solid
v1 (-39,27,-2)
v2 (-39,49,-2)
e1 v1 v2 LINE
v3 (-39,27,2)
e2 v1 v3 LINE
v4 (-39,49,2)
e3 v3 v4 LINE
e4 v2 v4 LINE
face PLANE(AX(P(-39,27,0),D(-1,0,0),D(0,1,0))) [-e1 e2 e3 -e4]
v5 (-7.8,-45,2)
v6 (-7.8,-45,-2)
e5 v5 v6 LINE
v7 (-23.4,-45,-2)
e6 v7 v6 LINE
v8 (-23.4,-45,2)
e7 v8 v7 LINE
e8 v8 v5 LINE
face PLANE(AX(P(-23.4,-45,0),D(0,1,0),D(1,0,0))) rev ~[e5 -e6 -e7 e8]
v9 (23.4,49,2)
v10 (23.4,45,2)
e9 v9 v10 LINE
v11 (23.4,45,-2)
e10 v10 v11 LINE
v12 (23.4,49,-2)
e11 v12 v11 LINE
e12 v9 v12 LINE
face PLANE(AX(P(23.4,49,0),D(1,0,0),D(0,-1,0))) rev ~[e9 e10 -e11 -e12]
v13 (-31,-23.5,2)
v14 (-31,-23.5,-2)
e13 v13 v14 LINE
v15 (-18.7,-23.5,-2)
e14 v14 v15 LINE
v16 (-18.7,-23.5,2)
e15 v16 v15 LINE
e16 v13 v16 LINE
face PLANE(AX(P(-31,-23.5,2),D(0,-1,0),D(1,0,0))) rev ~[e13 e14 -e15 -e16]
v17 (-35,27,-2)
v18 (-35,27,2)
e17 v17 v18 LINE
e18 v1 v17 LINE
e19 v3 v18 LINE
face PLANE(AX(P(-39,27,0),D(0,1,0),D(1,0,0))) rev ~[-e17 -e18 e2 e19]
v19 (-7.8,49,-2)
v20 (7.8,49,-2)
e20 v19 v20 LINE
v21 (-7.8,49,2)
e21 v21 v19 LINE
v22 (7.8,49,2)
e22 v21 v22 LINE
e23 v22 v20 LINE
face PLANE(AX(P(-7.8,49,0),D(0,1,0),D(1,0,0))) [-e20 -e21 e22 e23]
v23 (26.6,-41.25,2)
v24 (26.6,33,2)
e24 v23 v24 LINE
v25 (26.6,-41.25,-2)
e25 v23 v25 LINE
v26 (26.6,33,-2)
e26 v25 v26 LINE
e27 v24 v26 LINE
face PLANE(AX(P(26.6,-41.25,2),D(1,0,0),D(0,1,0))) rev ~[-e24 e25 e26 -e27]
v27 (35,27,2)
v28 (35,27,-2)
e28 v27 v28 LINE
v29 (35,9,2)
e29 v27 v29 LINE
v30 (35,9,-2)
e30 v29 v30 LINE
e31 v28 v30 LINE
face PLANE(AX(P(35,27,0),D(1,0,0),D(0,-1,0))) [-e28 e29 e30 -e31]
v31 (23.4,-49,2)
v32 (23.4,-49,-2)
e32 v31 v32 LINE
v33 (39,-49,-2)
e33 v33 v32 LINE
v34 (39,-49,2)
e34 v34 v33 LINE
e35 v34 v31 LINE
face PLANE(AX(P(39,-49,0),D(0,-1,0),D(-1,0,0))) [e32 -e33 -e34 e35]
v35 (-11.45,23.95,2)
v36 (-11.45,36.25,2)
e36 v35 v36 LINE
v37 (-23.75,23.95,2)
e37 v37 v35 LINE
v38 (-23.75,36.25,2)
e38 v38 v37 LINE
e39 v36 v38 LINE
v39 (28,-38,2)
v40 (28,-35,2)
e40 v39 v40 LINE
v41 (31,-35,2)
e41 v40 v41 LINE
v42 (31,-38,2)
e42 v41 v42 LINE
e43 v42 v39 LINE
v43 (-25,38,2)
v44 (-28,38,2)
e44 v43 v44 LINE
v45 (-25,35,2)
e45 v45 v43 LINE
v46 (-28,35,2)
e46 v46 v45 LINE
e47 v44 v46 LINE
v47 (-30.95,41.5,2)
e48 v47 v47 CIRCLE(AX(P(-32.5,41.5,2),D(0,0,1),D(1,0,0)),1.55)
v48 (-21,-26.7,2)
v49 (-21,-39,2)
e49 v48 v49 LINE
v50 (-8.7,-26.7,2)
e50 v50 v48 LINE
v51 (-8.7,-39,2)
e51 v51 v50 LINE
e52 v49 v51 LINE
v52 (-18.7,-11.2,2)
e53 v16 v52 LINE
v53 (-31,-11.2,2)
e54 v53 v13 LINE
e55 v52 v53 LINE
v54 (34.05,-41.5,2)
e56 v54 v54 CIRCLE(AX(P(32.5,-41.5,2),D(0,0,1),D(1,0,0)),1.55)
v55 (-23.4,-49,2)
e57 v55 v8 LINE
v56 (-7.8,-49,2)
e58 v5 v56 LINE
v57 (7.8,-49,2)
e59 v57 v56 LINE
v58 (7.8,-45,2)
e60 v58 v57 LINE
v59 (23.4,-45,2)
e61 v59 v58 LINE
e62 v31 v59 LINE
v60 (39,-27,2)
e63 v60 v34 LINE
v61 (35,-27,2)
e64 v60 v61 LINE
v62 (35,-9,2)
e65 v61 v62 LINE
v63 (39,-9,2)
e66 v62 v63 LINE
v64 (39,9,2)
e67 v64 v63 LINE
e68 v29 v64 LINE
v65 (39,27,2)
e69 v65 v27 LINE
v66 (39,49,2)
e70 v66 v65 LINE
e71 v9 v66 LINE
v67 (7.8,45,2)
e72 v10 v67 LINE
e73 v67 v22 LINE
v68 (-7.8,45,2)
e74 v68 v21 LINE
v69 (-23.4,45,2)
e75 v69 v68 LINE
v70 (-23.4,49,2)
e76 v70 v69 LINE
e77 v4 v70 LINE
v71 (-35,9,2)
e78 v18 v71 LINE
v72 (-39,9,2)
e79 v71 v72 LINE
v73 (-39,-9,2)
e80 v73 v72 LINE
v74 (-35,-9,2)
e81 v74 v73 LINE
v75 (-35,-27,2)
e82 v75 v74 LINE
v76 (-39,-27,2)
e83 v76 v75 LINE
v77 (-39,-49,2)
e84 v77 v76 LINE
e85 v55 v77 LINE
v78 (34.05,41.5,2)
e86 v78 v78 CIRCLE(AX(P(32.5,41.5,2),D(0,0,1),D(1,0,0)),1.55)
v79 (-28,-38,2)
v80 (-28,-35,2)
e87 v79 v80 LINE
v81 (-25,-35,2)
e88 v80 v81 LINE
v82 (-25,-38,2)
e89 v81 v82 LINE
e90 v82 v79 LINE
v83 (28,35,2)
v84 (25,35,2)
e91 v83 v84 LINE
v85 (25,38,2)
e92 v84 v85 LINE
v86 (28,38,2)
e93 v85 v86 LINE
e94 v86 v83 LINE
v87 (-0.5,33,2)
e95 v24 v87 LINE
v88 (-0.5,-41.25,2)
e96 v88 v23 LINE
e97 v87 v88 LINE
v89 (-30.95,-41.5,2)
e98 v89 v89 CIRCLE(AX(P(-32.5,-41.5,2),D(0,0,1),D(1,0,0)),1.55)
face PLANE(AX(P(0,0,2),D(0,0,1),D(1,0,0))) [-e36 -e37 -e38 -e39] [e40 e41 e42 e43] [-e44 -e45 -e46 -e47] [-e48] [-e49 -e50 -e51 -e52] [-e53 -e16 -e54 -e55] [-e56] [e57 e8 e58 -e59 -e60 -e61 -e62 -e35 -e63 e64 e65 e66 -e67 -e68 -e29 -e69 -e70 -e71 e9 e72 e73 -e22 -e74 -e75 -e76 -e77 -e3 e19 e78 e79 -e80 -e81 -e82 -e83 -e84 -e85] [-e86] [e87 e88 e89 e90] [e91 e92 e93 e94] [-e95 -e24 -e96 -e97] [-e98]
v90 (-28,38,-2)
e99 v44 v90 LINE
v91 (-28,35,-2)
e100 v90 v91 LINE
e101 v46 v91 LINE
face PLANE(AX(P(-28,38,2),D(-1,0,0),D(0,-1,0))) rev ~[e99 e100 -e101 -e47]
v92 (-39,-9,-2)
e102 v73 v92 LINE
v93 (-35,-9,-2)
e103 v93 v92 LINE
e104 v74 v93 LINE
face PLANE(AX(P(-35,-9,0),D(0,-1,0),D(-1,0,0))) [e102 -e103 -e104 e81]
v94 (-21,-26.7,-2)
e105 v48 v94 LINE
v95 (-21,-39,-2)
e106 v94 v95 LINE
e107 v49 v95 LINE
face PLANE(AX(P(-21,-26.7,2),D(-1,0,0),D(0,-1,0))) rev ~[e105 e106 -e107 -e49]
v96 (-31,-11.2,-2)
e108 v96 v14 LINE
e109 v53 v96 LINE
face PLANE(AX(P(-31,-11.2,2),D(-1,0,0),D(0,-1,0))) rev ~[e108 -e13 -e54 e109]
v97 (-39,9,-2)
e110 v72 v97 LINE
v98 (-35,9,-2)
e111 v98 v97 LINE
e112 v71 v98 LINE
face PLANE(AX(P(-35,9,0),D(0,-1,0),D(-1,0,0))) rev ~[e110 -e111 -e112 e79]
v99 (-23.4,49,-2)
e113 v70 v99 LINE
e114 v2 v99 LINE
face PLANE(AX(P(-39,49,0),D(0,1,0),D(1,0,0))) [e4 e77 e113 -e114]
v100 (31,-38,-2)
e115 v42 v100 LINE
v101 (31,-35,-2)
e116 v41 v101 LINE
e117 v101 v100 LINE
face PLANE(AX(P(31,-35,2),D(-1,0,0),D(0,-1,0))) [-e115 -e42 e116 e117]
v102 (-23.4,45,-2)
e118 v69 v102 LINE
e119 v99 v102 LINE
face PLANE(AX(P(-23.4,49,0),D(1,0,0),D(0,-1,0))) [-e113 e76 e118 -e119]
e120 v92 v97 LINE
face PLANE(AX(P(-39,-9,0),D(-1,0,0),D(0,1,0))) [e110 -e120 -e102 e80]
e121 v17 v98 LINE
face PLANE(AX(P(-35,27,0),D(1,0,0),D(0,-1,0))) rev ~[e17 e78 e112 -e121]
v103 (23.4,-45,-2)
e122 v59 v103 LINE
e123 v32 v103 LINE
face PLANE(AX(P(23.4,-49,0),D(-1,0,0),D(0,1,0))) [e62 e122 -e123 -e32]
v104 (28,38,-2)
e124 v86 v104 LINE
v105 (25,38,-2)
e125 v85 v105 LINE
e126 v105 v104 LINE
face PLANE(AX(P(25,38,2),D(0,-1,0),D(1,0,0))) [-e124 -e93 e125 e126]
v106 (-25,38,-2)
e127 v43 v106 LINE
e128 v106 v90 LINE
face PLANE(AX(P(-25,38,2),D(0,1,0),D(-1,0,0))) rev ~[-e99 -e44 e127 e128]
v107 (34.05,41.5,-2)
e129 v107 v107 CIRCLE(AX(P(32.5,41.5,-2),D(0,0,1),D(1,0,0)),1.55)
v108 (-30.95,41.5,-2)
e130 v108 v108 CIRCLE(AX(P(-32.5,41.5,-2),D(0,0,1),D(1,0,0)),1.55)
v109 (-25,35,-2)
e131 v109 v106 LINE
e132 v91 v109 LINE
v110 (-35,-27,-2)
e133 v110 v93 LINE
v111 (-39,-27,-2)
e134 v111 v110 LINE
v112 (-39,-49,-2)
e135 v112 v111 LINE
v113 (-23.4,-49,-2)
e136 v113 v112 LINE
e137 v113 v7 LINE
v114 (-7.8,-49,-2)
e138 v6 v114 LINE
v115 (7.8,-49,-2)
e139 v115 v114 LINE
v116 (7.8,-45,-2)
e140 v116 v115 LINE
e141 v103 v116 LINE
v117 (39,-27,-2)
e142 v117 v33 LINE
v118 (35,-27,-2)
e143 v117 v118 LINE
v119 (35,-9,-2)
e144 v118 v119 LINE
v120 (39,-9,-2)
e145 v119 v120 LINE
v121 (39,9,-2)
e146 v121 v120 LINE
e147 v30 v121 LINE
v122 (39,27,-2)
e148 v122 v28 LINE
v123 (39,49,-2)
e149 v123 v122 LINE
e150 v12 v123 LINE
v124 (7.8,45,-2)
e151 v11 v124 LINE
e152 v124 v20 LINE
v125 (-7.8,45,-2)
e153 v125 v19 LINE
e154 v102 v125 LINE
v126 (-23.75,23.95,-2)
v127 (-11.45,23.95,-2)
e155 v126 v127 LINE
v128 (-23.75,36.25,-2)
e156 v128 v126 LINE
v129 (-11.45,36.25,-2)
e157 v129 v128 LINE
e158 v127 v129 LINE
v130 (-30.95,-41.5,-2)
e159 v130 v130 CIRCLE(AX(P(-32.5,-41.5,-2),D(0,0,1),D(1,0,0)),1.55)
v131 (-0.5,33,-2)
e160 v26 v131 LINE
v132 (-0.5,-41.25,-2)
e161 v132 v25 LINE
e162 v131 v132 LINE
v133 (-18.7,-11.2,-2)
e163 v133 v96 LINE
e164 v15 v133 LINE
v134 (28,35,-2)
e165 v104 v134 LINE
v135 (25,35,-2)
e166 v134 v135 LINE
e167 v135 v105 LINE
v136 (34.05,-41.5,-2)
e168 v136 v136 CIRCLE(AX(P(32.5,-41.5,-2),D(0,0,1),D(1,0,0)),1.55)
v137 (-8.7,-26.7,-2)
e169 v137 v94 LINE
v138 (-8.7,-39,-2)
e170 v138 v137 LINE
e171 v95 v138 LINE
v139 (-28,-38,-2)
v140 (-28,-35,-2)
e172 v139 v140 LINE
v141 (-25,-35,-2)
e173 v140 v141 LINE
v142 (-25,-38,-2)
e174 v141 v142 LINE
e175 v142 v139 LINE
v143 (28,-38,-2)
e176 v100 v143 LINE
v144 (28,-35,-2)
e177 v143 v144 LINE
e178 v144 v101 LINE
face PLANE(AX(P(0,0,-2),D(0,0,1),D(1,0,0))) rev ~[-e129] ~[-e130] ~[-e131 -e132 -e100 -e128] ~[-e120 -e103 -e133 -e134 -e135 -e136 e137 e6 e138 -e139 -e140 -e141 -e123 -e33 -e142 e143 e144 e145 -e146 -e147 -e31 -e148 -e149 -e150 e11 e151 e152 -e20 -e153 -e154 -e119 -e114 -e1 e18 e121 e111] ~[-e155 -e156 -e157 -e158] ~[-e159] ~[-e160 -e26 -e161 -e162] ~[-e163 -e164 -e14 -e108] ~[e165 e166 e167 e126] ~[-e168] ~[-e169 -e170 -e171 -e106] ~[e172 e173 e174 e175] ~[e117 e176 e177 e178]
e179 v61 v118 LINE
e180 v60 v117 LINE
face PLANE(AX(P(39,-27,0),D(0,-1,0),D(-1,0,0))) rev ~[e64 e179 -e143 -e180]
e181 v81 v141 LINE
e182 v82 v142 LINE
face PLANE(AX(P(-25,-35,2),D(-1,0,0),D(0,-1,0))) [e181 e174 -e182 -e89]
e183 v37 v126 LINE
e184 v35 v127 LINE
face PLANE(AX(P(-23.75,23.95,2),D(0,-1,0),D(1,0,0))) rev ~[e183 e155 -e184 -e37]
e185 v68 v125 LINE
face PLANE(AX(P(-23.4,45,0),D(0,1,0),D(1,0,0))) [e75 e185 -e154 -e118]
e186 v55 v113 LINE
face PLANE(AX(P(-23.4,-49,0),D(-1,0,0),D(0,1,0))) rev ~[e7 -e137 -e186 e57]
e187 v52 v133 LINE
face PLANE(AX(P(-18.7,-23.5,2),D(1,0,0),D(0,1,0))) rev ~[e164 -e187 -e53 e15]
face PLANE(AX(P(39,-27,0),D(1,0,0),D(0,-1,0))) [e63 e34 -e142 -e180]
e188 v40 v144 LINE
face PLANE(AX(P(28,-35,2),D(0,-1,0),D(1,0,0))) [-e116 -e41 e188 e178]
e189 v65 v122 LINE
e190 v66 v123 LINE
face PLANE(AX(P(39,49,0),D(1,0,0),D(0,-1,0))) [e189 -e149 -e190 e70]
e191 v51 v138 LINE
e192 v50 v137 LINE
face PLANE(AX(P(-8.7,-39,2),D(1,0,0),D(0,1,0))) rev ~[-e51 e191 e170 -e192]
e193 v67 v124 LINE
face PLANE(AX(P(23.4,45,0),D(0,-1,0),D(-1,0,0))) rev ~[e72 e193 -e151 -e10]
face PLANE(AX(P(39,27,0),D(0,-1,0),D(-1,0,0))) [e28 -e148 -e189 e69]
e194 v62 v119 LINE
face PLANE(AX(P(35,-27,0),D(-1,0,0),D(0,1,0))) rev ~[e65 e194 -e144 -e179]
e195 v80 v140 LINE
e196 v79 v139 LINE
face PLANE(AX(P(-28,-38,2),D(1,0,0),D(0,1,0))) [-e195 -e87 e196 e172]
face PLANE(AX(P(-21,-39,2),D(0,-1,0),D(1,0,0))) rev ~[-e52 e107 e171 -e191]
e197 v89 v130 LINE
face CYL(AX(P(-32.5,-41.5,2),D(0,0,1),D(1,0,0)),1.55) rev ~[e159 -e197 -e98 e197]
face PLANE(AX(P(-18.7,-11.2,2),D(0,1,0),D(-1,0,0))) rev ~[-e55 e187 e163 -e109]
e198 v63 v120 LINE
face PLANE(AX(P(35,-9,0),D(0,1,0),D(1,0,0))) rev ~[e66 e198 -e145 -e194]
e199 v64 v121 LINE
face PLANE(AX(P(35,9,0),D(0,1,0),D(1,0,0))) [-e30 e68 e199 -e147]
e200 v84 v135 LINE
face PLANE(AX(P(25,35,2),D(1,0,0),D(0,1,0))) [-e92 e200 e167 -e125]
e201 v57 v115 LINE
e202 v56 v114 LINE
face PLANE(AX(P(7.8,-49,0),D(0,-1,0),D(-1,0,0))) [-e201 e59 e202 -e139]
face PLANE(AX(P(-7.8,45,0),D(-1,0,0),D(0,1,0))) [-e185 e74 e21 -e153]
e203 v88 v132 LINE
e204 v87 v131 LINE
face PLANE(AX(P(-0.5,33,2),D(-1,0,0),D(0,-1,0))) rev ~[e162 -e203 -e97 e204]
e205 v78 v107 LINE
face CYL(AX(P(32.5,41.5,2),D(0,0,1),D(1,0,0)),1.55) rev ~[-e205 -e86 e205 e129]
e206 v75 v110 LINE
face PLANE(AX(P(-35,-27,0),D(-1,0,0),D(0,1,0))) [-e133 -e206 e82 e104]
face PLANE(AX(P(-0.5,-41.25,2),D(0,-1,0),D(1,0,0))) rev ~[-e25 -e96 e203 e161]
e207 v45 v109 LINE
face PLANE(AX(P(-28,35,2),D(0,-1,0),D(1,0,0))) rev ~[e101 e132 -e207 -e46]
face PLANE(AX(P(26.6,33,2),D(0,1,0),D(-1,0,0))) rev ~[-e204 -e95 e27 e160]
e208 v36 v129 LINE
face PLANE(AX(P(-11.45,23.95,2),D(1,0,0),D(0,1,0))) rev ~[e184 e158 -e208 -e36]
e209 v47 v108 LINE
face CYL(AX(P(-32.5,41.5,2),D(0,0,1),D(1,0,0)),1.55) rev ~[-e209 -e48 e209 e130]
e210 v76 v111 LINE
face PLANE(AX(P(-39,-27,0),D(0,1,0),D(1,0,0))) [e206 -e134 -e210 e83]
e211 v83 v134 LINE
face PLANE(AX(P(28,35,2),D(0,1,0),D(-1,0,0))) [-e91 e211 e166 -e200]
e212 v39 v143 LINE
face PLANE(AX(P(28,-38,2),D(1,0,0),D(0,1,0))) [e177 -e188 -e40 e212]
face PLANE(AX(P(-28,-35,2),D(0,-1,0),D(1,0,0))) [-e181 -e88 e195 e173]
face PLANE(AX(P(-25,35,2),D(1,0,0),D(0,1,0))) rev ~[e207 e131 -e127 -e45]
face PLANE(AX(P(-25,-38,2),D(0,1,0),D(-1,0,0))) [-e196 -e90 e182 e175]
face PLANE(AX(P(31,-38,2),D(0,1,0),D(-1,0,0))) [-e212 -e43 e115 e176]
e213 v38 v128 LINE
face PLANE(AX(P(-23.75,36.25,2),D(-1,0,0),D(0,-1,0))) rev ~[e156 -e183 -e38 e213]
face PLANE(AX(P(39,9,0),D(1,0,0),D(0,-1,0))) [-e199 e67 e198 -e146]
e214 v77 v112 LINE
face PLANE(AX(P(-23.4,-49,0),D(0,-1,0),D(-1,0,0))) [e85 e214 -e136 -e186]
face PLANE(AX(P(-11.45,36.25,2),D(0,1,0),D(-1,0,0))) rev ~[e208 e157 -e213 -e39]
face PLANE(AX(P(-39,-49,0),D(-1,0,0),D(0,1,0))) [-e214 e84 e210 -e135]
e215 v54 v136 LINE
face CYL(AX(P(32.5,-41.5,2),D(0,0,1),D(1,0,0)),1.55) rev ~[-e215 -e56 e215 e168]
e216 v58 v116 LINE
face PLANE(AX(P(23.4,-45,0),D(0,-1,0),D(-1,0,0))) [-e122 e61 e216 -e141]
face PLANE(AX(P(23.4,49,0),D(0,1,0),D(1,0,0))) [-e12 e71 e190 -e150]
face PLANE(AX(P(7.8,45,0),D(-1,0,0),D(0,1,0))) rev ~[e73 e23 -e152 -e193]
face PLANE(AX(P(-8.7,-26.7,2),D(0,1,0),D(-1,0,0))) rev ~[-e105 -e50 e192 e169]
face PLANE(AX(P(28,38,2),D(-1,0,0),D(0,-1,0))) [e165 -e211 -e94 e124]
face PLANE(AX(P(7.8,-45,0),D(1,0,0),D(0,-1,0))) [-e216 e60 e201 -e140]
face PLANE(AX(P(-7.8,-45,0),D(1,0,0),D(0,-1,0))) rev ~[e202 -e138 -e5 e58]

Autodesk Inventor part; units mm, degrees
ref_plane "YZ Plane" through (0, 0, 0) normal (1, 0, 0) x (0, 1, 0)
ref_plane "XZ Plane" through (0, 0, 0) normal (0, 1, 0) x (-1, 0, 0)
ref_plane "XY Plane" through (0, 0, 0) normal (0, 0, 1) x (1, 0, 0)
sketch "Sketch1" plane through (0, 0, 0) normal (0, 0, 1) x (1, 0, 0)
  line L0 (-39, 49) -> (39, 49)
  line L1 (39, 49) -> (39, -49)
  line L2 (39, -49) -> (-39, -49)
  line L3 (-39, -49) -> (-39, 49)
  line L4 (-23.4, -45) -> (-7.8, -45)
  line L5 (-7.8, -45) -> (-7.8, -49)
  line L6 (-7.8, -49) -> (-23.4, -49)
  line L7 (-23.4, -49) -> (-23.4, -45)
  line L8 (-39, -27) -> (-35, -27)
  line L9 (-35, -27) -> (-35, -9)
  line L10 (-35, -9) -> (-39, -9)
  line L11 (-39, -9) -> (-39, -27)
  line L12 (0, 0) -> (8.9596, 0)
  line L13 (0, 0) -> (0, 8.0367)
  line L14 (-23.4, 45) -> (-7.8, 45)
  line L15 (-7.8, 45) -> (-7.8, 49)
  line L16 (-23.4, 49) -> (-23.4, 45)
  line L17 (-39, 27) -> (-35, 27)
  line L18 (-35, 27) -> (-35, 9)
  line L19 (-35, 9) -> (-39, 9)
  line L20 (23.4, -45) -> (7.8, -45)
  line L21 (7.8, -45) -> (7.8, -49)
  line L22 (23.4, -49) -> (23.4, -45)
  line L23 (39, -27) -> (35, -27)
  line L24 (35, -27) -> (35, -9)
  line L25 (35, -9) -> (39, -9)
  line L26 (0, 0) -> (-8.9596, 0)
  line L27 (39, 27) -> (35, 27)
  line L28 (35, 27) -> (35, 9)
  line L29 (35, 9) -> (39, 9)
  line L30 (7.8, 45) -> (7.8, 49)
  line L31 (23.4, 49) -> (23.4, 45)
  line L32 (23.4, 45) -> (7.8, 45)
  point P0 (0, 49)
  point P1 (39, 0)
  point P2 (0, -49)
  point P3 (-7.8, -47)
  point P4 (-37, -9)
  dimension "d0" = 98
  dimension "d1" = 78
  dimension "d2" = 15.6
  dimension "d3" = 4
  dimension "d4" = 4
  dimension "d5" = 18
  dimension "d6" = 7.8
  dimension "d7" = 9
extrude "Extrusion1" add sketch "Sketch1" along normal mid plane 4 contours L0 L16 L14 L15 L30 L32 L31 L1 L27 L28 L29 L25 L24 L23 L2 L22 L20 L21 L5 L4 L7 L3 L8 L9 L10 L19 L18 L17
sketch "Sketch2" plane through (0, 0, 2) normal (0, 0, 1) x (1, 0, 0)
  line L0 (-21, -39) -> (-8.7, -39)
  line L1 (-8.7, -39) -> (-8.7, -26.7)
  line L2 (-8.7, -26.7) -> (-21, -26.7)
  line L3 (-21, -26.7) -> (-21, -39)
  line L4 (-35, -9) -> (-35, -27) projected
  line L5 (-23.4, -45) -> (-7.8, -45) projected
  line L6 (-18.7, -11.2) -> (-31, -11.2)
  line L7 (-31, -11.2) -> (-31, -23.5)
  line L8 (-31, -23.5) -> (-18.7, -23.5)
  line L9 (-18.7, -23.5) -> (-18.7, -11.2)
  line L10 (-11.45, 36.25) -> (-23.75, 36.25)
  line L11 (-23.75, 36.25) -> (-23.75, 23.95)
  line L12 (-23.75, 23.95) -> (-11.45, 23.95)
  line L13 (-11.45, 23.95) -> (-11.45, 36.25)
  line L14 (-7.8, 45) -> (-23.4, 45) projected
  line L15 (-35, 27) -> (-35, 9) projected
  line L16 (26.6, 33) -> (-0.5, 33)
  line L17 (-0.5, 33) -> (-0.5, -41.25)
  line L18 (-0.5, -41.25) -> (26.6, -41.25)
  line L19 (26.6, -41.25) -> (26.6, 33)
  line L20 (23.4, 45) -> (7.8, 45) projected
  circle A0 centre (-32.5, -41.5) radius 1.55
  line L21 (35, 9) -> (35, 27) projected
  line L22 (0, 0) -> (5.8135, 0)
  line L23 (0, 0) -> (0, 4.2513)
  line L24 (7.8, -45) -> (23.4, -45) projected
  line L25 (35, -27) -> (35, -9) projected
  line L26 (-28, -35) -> (-25, -35)
  line L27 (-25, -35) -> (-25, -38)
  line L28 (-25, -38) -> (-28, -38)
  line L29 (-28, -38) -> (-28, -35)
  line L30 (-39, -49) -> (-23.4, -49) projected
  line L31 (-39, -27) -> (-39, -49) projected
  circle A1 centre (-32.5, 41.5) radius 1.55
  line L32 (-28, 35) -> (-25, 35)
  line L33 (-25, 35) -> (-25, 38)
  line L34 (-25, 38) -> (-28, 38)
  line L35 (-28, 38) -> (-28, 35)
  line L36 (28, 35) -> (25, 35)
  line L37 (25, 35) -> (25, 38)
  line L38 (28, 38) -> (28, 35)
  line L39 (25, 38) -> (28, 38)
  circle A2 centre (32.5, 41.5) radius 1.55
  circle A3 centre (32.5, -41.5) radius 1.55
  line L40 (28, -35) -> (31, -35)
  line L41 (31, -35) -> (31, -38)
  line L42 (31, -38) -> (28, -38)
  line L43 (28, -38) -> (28, -35)
  line L44 (23.4, -49) -> (39, -49) projected
  line L45 (39, -49) -> (39, -27) projected
  point P0 (-17.6, 36.25)
  point P1 (-8.7, -32.85)
  point P2 (-39, -38)
  point P3 (29.5, -38)
  dimension "d10" = 12.3
  dimension "d11" = 12.3
  dimension "d12" = 14
  dimension "d13" = 6
  dimension "d14" = 4
  dimension "d15" = 21.5
  dimension "d16" = 12.3
  dimension "d17" = 12.3
  dimension "d18" = 8.75
  dimension "d19" = 11.25
  dimension "d20" = 12.3
  dimension "d21" = 12.3
  dimension "d24" = 27.1
  dimension "d25" = 34.5
  dimension "d26" = 12
  dimension "d29" = 3.1
  dimension "d30" = 3.5
  dimension "d31" = 2.5
  dimension "d49" = 3
  dimension "d50" = 3
  dimension "d51" = 11
  dimension "d52" = 11
  dimension "d53" = 3
  dimension "d54" = 3
  dimension "d55" = 11
  dimension "d56" = 8
extrude "Extrusion2" cut sketch "Sketch2" against normal up to surface (4 mm away)
equation "\"d6\" = 0.5 * d2"
equation "\"d7\" = 0.5 * d5"
equation "\"d11\" = d10"
equation "\"d16\" = d10"
equation "\"d17\" = d10"
equation "\"d20\" = d16"
equation "\"d21\" = d20"
equation "\"d50\" = d49"
equation "\"d52\" = d51"
properties part number "Top"
